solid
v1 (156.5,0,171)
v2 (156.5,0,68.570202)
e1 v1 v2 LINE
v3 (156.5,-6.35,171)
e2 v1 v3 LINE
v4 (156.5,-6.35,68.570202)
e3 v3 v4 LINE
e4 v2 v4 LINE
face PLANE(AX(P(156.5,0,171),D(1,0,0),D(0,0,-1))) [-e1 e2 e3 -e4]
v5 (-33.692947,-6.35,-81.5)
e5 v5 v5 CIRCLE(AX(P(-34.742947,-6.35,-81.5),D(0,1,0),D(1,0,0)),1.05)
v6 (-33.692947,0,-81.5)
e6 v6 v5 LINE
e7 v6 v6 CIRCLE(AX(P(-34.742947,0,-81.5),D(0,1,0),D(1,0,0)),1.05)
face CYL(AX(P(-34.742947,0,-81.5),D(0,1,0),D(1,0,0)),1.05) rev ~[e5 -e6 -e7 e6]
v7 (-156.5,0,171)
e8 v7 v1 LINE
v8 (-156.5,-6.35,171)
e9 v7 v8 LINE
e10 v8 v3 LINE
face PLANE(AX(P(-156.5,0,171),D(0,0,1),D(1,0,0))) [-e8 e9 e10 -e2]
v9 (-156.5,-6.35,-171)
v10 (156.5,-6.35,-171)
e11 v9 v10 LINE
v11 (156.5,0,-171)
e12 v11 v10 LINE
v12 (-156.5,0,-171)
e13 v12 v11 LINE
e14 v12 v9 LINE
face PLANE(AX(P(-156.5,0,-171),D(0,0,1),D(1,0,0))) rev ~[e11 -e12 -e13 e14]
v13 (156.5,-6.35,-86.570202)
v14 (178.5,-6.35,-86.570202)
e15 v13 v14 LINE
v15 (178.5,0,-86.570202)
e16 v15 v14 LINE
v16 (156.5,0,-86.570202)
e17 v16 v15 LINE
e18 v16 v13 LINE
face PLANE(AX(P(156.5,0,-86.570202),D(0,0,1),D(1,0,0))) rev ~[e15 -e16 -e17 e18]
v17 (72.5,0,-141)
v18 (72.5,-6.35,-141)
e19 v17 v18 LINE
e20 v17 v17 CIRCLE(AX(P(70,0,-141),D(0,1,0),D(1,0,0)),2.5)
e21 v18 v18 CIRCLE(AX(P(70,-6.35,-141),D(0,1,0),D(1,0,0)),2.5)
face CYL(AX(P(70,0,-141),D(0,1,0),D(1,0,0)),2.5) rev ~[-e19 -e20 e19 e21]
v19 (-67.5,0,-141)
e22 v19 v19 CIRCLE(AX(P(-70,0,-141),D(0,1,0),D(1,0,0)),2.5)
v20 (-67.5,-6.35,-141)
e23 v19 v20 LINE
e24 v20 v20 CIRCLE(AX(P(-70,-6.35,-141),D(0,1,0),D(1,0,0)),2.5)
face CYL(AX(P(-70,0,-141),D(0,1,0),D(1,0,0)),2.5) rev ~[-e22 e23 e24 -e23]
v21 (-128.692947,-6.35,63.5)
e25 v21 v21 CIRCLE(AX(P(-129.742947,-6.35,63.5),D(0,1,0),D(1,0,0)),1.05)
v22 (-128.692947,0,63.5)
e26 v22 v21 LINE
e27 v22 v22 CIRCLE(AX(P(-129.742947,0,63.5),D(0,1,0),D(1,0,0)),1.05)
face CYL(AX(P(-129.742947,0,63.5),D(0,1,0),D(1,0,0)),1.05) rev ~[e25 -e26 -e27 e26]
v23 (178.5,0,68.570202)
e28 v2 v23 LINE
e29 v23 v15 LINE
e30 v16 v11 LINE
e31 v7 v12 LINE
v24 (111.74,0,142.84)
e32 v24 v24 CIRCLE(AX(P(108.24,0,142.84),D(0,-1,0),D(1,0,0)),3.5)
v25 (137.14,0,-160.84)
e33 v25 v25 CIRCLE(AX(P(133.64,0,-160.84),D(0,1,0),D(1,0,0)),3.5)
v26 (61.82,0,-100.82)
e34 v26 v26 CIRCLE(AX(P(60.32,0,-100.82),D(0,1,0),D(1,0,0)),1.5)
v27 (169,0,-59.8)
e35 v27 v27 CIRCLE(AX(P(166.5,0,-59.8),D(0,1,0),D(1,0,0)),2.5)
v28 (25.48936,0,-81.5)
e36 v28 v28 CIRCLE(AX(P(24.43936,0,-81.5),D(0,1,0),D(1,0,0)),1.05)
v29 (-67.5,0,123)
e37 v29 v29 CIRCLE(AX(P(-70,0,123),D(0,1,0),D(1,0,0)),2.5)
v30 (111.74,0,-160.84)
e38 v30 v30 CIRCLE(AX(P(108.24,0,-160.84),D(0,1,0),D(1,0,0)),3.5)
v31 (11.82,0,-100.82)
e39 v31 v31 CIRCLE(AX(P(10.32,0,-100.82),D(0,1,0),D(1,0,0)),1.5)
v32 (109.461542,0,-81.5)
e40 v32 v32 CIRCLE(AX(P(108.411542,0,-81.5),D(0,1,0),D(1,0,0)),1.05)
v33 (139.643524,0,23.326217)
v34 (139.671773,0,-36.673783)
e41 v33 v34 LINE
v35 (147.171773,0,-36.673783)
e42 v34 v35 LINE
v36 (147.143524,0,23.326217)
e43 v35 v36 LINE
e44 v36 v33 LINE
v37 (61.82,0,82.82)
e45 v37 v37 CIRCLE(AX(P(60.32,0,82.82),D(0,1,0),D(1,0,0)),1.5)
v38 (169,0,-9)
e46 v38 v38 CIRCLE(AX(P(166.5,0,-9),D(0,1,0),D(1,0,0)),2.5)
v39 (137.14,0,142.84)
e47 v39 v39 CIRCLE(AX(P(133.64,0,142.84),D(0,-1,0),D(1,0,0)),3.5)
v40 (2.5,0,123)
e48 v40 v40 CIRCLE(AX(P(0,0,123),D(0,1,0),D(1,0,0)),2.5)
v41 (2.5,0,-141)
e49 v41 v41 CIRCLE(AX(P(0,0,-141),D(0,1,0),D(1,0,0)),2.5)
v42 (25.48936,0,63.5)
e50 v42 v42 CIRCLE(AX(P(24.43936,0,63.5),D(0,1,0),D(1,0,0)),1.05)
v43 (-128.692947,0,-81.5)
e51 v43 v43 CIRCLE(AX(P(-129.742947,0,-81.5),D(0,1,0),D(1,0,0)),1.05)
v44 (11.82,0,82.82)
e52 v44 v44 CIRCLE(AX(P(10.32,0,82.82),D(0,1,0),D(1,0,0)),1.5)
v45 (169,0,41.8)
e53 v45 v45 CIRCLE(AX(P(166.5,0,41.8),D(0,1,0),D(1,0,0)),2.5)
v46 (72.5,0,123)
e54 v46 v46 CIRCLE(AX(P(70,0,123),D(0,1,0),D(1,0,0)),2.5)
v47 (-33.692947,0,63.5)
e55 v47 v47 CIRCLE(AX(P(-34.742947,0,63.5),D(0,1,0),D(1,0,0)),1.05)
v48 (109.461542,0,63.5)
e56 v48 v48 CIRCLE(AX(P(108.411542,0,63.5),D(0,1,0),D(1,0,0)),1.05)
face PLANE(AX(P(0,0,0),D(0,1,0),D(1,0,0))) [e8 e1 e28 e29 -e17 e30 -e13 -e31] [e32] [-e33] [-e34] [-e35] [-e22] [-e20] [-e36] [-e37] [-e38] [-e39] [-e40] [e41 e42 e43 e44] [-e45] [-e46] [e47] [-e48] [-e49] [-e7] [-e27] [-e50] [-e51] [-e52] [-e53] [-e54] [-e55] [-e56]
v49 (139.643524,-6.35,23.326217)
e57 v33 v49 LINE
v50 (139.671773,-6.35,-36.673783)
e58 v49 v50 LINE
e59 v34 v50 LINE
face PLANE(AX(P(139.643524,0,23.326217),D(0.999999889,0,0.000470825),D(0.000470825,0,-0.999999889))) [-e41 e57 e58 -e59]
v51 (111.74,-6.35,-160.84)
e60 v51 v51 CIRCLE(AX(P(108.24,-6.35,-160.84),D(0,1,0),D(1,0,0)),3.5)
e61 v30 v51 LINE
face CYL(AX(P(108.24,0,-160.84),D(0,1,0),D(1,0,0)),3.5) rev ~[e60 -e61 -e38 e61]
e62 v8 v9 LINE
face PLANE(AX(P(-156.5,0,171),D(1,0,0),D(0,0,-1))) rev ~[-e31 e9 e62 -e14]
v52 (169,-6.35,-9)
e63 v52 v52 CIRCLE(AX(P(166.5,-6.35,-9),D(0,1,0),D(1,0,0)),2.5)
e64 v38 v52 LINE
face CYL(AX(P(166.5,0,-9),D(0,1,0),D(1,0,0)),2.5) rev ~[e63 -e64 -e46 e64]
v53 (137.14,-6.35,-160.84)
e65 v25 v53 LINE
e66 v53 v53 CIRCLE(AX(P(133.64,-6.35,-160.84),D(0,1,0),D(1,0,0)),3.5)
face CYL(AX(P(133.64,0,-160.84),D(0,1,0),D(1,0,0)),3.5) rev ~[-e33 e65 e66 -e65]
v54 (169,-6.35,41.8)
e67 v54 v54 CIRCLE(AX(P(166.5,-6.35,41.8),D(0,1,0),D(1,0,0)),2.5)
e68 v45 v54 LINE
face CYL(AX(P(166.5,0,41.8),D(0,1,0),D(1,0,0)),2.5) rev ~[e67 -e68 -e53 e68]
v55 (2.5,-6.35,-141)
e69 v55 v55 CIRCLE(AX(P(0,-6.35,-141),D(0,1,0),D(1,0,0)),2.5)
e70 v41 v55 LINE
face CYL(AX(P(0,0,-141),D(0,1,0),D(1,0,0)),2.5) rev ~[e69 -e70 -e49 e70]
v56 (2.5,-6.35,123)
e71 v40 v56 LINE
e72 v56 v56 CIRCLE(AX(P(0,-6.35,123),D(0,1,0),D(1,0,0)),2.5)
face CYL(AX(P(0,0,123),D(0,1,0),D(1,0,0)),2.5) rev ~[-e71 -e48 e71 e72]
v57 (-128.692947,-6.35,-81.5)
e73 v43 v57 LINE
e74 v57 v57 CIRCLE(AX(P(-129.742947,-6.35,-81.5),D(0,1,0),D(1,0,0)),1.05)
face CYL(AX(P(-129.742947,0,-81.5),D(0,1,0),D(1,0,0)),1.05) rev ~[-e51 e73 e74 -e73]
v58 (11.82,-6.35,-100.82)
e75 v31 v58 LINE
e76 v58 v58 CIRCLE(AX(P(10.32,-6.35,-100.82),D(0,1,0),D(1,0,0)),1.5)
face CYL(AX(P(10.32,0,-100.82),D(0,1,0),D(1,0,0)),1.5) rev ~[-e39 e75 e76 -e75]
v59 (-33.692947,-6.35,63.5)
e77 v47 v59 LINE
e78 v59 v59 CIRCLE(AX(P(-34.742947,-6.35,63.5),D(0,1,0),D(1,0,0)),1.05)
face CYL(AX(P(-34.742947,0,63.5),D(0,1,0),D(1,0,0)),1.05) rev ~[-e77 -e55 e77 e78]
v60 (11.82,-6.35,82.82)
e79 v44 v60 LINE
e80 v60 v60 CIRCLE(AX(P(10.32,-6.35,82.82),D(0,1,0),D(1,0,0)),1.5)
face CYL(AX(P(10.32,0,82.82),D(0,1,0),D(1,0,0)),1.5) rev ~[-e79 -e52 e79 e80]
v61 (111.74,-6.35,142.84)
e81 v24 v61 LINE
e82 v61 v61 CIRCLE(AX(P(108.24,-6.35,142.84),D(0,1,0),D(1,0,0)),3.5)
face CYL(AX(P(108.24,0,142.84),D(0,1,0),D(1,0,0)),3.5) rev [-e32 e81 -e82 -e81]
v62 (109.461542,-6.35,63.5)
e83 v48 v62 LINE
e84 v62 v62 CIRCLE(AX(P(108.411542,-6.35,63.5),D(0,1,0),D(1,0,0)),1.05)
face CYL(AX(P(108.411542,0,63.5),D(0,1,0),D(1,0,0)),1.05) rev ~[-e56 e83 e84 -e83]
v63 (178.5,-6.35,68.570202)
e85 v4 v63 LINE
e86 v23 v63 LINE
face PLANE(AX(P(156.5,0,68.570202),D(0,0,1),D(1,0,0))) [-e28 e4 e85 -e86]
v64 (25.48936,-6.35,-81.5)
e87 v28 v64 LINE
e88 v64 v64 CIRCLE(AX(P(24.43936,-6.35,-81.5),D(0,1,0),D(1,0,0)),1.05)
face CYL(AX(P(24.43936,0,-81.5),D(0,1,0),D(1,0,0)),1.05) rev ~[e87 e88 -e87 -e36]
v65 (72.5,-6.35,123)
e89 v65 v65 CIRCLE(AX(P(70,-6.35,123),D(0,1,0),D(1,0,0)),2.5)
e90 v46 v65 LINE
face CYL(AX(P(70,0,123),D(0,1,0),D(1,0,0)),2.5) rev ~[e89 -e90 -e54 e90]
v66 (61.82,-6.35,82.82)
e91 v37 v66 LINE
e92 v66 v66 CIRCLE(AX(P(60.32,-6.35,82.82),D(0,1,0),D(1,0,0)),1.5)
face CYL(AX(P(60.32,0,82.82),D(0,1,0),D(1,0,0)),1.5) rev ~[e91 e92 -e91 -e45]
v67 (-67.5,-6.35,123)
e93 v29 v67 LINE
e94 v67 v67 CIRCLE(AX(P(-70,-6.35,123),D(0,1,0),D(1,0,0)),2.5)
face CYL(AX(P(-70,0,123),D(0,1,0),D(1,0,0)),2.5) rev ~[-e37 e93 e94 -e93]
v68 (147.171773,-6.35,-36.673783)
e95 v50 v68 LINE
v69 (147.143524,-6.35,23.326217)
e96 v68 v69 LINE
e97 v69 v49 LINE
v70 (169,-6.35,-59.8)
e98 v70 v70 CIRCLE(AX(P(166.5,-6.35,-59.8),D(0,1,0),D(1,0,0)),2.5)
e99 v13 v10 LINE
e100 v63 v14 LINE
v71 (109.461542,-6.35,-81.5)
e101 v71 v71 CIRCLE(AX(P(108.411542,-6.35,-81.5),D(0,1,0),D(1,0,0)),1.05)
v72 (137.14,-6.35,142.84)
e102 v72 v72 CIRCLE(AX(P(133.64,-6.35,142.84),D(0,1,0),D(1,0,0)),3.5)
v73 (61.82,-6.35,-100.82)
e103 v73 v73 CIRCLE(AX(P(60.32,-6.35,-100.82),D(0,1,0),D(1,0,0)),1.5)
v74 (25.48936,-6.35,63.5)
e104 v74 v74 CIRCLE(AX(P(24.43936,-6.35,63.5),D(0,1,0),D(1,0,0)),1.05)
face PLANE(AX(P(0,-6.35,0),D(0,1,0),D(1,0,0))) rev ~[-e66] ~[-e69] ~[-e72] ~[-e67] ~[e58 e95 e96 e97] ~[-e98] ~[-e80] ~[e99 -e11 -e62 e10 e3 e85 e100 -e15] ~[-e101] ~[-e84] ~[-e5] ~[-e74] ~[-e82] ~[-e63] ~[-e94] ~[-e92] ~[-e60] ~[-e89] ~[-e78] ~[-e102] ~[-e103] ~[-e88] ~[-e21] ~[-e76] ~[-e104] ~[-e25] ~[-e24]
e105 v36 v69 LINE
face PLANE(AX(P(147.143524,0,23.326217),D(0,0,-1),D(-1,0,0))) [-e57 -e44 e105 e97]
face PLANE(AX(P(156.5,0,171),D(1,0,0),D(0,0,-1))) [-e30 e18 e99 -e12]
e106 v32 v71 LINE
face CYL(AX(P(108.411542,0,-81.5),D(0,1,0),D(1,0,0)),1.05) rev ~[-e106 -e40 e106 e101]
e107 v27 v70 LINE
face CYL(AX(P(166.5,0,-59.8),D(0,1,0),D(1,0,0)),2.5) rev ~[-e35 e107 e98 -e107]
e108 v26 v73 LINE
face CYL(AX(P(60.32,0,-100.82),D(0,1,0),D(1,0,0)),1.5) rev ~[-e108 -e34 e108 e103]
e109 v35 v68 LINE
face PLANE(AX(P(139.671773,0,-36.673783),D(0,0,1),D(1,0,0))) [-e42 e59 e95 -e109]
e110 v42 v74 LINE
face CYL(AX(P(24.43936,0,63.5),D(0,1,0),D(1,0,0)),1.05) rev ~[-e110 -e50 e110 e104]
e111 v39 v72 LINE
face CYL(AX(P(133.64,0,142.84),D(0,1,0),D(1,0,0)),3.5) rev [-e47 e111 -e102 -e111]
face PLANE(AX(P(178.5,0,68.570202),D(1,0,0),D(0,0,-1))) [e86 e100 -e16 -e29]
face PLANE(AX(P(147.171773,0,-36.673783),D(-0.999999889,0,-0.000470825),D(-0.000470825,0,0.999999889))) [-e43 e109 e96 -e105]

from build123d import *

# Parameters (mm, degrees)
SKETCH1_W           = 313
SKETCH1_H           = 342
BOSS_EXTRUDE1_DEPTH = 6.35
SKETCH3_W           = 22
SKETCH3_H           = 155.14040353
SKETCH3_R           = 2.5
BOSS_EXTRUDE2_DEPTH = 6.35
SKETCH2_R           = 2.5
CUT_EXTRUDE1_DEPTH  = 7.35
SKETCH4_R           = 3.5
CUT_EXTRUDE2_DEPTH  = 7.35
CUT_EXTRUDE3_DEPTH  = 7.35
SKETCH6_R           = 1.5
CUT_EXTRUDE4_DEPTH  = 7.35
SKETCH7_R           = 1.05
CUT_EXTRUDE5_DEPTH  = 7.35


with BuildPart() as part:
    # Sketch1 → Boss-Extrude1 (new body)
    with BuildSketch(Plane(origin=(0, 0, 0), x_dir=(1, 0, 0), z_dir=(0, 1, 0))):
        Rectangle(SKETCH1_W, SKETCH1_H)
    extrude(amount=-BOSS_EXTRUDE1_DEPTH)

    # Sketch3 → Boss-Extrude2 (add)
    with BuildSketch(Plane(origin=(0, 0, 0), x_dir=(1, 0, 0), z_dir=(0, 1, 0))):
        with Locations((167.5, 9)):
            Rectangle(SKETCH3_W, SKETCH3_H)
        with Locations((166.5, 9)):
            Circle(SKETCH3_R, mode=Mode.SUBTRACT)
        with Locations((166.5, -41.8)):
            Circle(SKETCH3_R, mode=Mode.SUBTRACT)
        with Locations((166.5, 59.8)):
            Circle(SKETCH3_R, mode=Mode.SUBTRACT)
    extrude(amount=-BOSS_EXTRUDE2_DEPTH)

    # Sketch2 → Cut-Extrude1 (cut, through all)
    with BuildSketch(Plane(origin=(0, 0, 0), x_dir=(1, 0, 0), z_dir=(0, 1, 0))):
        with Locations((0, -123)):
            Circle(SKETCH2_R)
        with Locations((-70, -123)):
            Circle(SKETCH2_R)
        with Locations((70, -123)):
            Circle(SKETCH2_R)
        with Locations((-70, 141)):
            Circle(SKETCH2_R)
        with Locations((0, 141)):
            Circle(SKETCH2_R)
        with Locations((70, 141)):
            Circle(SKETCH2_R)
    extrude(amount=-CUT_EXTRUDE1_DEPTH, mode=Mode.SUBTRACT)

    # Sketch4 → Cut-Extrude2 (cut, through all)
    with BuildSketch(Plane(origin=(0, 0, 0), x_dir=(1, 0, 0), z_dir=(0, 1, 0))):
        with Locations((133.64, 160.84)):
            Circle(SKETCH4_R)
        with Locations((108.24, 160.84)):
            Circle(SKETCH4_R)
    cut_extrude2 = extrude(amount=-CUT_EXTRUDE2_DEPTH, mode=Mode.SUBTRACT)

    # Mirror1: Cut-Extrude2 across plane
    add(cut_extrude2.mirror(Plane(origin=(0, 0, -9), x_dir=(1, 0, 0), z_dir=(0, 0, -1))), mode=Mode.SUBTRACT)

    # Sketch5 → Cut-Extrude3 (cut, through all)
    with BuildSketch(Plane(origin=(0, 0, 0), x_dir=(1, 0, 0), z_dir=(0, 1, 0))):
        Polygon((139.671773243, 36.673783491), (147.171773243, 36.673783491), (147.143523721, -23.326216509), (139.643523721, -23.326216509), align=None)
    extrude(amount=-CUT_EXTRUDE3_DEPTH, mode=Mode.SUBTRACT)

    # Sketch6 → Cut-Extrude4 (cut, through all)
    with BuildSketch(Plane(origin=(0, 0, 0), x_dir=(1, 0, 0), z_dir=(0, 1, 0))):
        with Locations((60.32, 100.82)):
            Circle(SKETCH6_R)
        with Locations((10.32, 100.82)):
            Circle(SKETCH6_R)
        with Locations((10.32, -82.82)):
            Circle(SKETCH6_R)
        with Locations((60.32, -82.82)):
            Circle(SKETCH6_R)
    extrude(amount=-CUT_EXTRUDE4_DEPTH, mode=Mode.SUBTRACT)

    # Sketch7 → Cut-Extrude5 (cut, through all)
    with BuildSketch(Plane(origin=(0, 0, 0), x_dir=(1, 0, 0), z_dir=(0, 1, 0))):
        with Locations((-34.742947475, 81.5)):
            Circle(SKETCH7_R)
        with Locations((-34.742947475, -63.5)):
            Circle(SKETCH7_R)
        with Locations((-129.742947475, 81.5)):
            Circle(SKETCH7_R)
        with Locations((-129.742947475, -63.5)):
            Circle(SKETCH7_R)
        with Locations((108.411541633, 81.5)):
            Circle(SKETCH7_R)
        with Locations((108.411541633, -63.5)):
            Circle(SKETCH7_R)
        with Locations((24.439359852, 81.5)):
            Circle(SKETCH7_R)
        with Locations((24.439359852, -63.5)):
            Circle(SKETCH7_R)
    extrude(amount=-CUT_EXTRUDE5_DEPTH, mode=Mode.SUBTRACT)


solid = part.part
